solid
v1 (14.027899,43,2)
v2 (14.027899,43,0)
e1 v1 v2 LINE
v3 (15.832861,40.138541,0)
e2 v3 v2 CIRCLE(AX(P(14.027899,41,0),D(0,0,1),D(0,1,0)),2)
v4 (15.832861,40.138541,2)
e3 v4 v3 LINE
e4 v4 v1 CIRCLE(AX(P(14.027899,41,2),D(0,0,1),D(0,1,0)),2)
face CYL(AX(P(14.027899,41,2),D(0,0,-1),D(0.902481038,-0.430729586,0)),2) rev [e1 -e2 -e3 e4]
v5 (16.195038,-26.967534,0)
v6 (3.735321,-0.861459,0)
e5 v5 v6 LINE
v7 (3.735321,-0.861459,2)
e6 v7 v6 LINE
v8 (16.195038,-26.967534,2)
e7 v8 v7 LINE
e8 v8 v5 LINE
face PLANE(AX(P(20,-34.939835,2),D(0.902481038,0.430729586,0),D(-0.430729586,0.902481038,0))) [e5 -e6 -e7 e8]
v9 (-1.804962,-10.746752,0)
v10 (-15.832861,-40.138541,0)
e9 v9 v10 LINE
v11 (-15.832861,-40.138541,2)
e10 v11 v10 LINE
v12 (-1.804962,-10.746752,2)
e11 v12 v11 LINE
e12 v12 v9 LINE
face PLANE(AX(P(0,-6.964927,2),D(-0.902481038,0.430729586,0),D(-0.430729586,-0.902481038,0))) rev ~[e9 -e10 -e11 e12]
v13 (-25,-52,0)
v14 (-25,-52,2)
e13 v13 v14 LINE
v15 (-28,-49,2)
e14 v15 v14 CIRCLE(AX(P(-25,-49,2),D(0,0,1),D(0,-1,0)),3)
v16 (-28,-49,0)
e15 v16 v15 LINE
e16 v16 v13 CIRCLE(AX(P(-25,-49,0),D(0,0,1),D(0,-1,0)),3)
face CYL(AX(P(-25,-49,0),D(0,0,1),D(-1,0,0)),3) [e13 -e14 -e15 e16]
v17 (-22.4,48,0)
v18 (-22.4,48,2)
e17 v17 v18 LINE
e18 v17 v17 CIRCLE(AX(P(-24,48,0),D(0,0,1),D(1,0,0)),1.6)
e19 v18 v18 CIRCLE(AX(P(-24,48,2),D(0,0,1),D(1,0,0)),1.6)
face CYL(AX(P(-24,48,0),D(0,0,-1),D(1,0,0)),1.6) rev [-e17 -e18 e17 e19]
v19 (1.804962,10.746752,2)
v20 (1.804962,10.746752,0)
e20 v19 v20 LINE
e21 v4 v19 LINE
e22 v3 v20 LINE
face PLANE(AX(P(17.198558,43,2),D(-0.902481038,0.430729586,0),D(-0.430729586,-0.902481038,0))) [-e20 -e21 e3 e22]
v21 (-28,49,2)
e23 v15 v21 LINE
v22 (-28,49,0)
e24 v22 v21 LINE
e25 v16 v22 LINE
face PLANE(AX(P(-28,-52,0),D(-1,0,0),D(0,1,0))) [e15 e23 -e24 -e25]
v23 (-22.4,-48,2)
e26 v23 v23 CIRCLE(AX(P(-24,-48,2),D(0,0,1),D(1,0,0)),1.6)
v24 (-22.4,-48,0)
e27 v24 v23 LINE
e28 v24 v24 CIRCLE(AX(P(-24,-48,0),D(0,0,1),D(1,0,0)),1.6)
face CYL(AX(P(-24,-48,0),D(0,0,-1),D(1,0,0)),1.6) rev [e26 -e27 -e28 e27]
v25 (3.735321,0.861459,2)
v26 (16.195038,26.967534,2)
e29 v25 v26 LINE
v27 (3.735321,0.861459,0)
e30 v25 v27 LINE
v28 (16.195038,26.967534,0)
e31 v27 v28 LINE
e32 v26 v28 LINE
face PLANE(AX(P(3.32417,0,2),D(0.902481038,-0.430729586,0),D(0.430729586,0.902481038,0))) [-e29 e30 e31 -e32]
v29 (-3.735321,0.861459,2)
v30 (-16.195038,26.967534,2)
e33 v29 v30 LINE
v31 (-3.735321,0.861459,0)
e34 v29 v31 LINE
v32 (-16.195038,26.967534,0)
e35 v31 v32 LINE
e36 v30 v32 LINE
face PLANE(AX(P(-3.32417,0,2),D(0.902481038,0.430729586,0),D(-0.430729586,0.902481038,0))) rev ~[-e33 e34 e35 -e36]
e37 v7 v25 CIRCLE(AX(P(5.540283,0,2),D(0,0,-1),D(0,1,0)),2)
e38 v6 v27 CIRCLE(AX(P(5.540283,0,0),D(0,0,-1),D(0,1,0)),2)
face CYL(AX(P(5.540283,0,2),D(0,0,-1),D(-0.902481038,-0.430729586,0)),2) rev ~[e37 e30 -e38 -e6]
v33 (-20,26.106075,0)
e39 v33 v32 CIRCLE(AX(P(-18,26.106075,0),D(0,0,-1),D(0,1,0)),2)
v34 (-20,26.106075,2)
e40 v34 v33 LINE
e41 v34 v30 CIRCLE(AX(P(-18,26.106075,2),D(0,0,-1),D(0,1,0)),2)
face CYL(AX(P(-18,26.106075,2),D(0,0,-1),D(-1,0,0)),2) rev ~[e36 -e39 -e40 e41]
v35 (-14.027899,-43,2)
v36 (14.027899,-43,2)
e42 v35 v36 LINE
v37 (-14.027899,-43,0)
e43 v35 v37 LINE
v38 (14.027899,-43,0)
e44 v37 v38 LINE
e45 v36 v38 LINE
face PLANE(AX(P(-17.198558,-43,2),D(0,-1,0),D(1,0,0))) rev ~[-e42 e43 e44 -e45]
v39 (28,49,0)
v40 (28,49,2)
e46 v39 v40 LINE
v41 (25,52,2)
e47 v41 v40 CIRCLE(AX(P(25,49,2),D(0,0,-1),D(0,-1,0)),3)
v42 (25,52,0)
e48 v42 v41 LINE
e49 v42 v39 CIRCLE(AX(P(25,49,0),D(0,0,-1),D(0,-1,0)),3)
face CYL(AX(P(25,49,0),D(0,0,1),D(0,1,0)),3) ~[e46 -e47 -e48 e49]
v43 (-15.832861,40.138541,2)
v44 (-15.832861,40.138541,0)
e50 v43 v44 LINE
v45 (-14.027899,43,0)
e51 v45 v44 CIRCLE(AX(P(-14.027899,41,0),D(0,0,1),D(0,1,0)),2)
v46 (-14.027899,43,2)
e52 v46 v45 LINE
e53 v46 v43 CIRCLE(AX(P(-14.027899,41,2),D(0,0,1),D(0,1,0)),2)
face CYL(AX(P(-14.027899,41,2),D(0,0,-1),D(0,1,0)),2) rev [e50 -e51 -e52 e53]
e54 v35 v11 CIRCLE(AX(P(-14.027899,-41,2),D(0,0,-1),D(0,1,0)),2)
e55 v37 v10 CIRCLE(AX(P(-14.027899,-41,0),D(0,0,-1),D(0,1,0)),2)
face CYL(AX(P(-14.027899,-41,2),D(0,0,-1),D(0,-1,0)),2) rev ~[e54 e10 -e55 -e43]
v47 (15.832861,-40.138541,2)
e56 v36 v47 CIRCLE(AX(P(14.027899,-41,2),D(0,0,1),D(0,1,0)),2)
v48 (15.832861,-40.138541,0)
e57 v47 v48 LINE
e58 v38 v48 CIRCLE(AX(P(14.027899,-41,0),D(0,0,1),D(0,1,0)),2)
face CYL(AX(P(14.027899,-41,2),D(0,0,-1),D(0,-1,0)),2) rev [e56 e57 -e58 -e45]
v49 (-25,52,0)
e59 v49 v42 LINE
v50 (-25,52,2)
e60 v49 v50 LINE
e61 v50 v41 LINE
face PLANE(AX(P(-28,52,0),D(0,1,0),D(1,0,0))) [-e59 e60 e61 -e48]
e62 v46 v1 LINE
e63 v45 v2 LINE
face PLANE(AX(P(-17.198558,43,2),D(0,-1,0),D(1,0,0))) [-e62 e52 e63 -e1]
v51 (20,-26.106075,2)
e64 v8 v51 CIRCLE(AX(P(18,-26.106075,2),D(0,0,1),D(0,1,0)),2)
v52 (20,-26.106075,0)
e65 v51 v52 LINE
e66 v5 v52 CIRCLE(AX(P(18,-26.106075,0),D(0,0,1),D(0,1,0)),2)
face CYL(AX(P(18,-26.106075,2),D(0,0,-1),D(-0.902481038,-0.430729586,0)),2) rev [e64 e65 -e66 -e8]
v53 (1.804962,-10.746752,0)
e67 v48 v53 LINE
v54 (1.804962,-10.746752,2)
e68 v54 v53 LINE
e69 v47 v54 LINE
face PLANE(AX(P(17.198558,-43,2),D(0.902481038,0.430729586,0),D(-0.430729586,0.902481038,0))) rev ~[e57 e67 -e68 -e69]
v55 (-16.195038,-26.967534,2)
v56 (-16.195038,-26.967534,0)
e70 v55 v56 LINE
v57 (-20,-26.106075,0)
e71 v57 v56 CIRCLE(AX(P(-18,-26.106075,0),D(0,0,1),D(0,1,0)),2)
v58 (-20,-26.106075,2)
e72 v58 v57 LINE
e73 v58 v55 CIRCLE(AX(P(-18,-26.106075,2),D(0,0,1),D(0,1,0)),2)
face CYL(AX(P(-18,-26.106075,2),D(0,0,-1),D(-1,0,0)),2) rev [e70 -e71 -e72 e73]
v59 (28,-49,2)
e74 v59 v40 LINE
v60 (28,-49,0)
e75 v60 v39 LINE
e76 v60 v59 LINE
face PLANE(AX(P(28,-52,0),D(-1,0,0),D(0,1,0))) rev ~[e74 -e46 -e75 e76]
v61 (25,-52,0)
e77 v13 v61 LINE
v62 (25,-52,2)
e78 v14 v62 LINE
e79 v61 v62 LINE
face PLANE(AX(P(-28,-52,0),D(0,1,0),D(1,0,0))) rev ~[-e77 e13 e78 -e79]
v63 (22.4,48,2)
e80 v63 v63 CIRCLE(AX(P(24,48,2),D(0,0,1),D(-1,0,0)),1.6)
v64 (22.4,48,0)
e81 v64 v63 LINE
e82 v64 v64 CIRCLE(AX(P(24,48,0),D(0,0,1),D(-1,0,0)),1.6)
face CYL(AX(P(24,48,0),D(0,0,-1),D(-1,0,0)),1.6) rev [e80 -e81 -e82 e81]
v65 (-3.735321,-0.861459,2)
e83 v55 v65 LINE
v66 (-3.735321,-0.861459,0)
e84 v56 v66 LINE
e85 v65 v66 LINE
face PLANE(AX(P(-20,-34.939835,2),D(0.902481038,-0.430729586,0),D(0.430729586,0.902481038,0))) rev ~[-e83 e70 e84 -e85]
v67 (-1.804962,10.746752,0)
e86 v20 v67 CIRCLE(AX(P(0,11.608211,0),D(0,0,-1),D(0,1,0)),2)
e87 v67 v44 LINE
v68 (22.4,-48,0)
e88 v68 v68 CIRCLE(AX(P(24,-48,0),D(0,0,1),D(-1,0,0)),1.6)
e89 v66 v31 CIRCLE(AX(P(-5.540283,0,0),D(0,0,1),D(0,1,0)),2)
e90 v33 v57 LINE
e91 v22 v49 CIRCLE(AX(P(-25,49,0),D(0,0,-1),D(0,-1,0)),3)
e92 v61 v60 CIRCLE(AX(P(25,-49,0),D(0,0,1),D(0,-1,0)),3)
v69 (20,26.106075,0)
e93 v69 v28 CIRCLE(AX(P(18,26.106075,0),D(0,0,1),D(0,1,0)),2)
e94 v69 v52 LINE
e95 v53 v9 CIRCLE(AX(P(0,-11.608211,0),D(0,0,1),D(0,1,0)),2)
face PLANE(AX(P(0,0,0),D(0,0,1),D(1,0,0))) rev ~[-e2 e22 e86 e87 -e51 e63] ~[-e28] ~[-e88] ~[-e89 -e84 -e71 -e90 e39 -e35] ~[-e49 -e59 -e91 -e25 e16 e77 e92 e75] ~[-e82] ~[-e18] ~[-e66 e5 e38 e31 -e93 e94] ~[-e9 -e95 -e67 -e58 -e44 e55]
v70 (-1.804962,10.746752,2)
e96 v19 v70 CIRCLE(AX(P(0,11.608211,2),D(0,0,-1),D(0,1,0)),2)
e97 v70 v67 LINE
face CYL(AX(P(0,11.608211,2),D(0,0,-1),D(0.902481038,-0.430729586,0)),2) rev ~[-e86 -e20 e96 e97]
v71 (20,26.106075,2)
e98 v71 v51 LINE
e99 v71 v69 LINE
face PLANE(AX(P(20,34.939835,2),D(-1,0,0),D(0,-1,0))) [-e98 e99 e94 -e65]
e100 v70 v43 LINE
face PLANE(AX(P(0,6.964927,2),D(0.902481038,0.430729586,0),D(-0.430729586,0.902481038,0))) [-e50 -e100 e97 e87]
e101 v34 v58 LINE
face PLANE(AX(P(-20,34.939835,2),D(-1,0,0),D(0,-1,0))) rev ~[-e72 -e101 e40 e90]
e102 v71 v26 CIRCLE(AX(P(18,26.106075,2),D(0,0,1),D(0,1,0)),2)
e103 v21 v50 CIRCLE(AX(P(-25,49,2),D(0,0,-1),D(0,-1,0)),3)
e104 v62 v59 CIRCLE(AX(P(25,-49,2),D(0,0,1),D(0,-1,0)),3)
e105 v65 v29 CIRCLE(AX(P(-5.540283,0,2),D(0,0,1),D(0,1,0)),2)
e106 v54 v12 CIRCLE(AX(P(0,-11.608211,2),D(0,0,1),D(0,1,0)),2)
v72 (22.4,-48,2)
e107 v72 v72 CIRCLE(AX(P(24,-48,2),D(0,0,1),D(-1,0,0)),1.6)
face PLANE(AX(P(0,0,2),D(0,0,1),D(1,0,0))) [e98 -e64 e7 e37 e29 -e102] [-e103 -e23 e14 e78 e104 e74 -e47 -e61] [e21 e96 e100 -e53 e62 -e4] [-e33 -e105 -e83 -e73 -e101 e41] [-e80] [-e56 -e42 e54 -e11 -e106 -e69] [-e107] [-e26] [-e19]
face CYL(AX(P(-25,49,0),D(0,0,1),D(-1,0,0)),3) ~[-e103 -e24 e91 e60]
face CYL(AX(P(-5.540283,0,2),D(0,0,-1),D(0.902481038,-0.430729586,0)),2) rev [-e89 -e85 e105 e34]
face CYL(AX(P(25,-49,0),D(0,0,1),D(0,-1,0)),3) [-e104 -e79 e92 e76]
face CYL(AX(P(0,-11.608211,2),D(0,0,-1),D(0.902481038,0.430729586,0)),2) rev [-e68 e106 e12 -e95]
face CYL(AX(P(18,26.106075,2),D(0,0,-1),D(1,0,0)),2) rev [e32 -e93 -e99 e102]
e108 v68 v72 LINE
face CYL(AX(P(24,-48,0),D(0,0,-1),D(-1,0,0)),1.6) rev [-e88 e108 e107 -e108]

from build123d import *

# Parameters (mm, degrees)
SKETCH_1_W          = 56
SKETCH_1_H          = 104
SKETCH_1_R          = 1.6
EXTRUDE_1_DEPTH     = 2
FILLET_1_R          = 3
CUT_EXTRUDE_1_DEPTH = 10
FILLET_2_R          = 2


with BuildPart() as part:
    # 草图1 → 凸台-拉伸1 (new body)
    with BuildSketch(Plane.XY):
        Rectangle(SKETCH_1_W, SKETCH_1_H)
        with Locations((-24, 48)):
            Circle(SKETCH_1_R, mode=Mode.SUBTRACT)
        with Locations((-24, -48)):
            Circle(SKETCH_1_R, mode=Mode.SUBTRACT)
        with Locations(Location((24, -48, 0), (0, 0, 180))):
            Circle(SKETCH_1_R, mode=Mode.SUBTRACT)
        with Locations(Location((24, 48, 0), (0, 0, 180))):
            Circle(SKETCH_1_R, mode=Mode.SUBTRACT)
    extrude(amount=EXTRUDE_1_DEPTH)

    # 圆角1
    fillet_1_edges = [part.edges().sort_by_distance(p)[0] for p in [
        (28, -52, 1),
        (-28, -52, 1),
        (-28, 52, 1),
        (28, 52, 1),
    ]]
    fillet(fillet_1_edges, radius=FILLET_1_R)

    # 草图2 → 切除-拉伸1 (cut)
    with BuildSketch(Plane.XY.offset(2)):
        Polygon((-20, 34.939835194), (-20, -34.939835194), (-3.324169566, 0), align=None)
        Polygon((-17.198557706, -43), (17.198557706, -43), (0, -6.96492671), align=None)
        Polygon((0, 6.96492671), (-17.198557706, 43), (17.198557706, 43), align=None)
        Polygon((3.324169566, 0), (20, 34.939835194), (20, -34.939835194), align=None)
    extrude(amount=-CUT_EXTRUDE_1_DEPTH, mode=Mode.SUBTRACT)

    # 圆角2
    fillet_2_edges = [part.edges().sort_by_distance(p)[0] for p in [
        (-3.324169566, 0, 1),
        (-20, -34.939835194, 1),
        (-20, 34.939835194, 1),
        (-17.198557706, -43, 1),
        (0, -6.96492671, 1),
        (17.198557706, -43, 1),
        (17.198557706, 43, 1),
        (0, 6.96492671, 1),
        (-17.198557706, 43, 1),
        (20, -34.939835194, 1),
        (3.324169566, 0, 1),
        (20, 34.939835194, 1),
    ]]
    fillet(fillet_2_edges, radius=FILLET_2_R)


solid = part.part
